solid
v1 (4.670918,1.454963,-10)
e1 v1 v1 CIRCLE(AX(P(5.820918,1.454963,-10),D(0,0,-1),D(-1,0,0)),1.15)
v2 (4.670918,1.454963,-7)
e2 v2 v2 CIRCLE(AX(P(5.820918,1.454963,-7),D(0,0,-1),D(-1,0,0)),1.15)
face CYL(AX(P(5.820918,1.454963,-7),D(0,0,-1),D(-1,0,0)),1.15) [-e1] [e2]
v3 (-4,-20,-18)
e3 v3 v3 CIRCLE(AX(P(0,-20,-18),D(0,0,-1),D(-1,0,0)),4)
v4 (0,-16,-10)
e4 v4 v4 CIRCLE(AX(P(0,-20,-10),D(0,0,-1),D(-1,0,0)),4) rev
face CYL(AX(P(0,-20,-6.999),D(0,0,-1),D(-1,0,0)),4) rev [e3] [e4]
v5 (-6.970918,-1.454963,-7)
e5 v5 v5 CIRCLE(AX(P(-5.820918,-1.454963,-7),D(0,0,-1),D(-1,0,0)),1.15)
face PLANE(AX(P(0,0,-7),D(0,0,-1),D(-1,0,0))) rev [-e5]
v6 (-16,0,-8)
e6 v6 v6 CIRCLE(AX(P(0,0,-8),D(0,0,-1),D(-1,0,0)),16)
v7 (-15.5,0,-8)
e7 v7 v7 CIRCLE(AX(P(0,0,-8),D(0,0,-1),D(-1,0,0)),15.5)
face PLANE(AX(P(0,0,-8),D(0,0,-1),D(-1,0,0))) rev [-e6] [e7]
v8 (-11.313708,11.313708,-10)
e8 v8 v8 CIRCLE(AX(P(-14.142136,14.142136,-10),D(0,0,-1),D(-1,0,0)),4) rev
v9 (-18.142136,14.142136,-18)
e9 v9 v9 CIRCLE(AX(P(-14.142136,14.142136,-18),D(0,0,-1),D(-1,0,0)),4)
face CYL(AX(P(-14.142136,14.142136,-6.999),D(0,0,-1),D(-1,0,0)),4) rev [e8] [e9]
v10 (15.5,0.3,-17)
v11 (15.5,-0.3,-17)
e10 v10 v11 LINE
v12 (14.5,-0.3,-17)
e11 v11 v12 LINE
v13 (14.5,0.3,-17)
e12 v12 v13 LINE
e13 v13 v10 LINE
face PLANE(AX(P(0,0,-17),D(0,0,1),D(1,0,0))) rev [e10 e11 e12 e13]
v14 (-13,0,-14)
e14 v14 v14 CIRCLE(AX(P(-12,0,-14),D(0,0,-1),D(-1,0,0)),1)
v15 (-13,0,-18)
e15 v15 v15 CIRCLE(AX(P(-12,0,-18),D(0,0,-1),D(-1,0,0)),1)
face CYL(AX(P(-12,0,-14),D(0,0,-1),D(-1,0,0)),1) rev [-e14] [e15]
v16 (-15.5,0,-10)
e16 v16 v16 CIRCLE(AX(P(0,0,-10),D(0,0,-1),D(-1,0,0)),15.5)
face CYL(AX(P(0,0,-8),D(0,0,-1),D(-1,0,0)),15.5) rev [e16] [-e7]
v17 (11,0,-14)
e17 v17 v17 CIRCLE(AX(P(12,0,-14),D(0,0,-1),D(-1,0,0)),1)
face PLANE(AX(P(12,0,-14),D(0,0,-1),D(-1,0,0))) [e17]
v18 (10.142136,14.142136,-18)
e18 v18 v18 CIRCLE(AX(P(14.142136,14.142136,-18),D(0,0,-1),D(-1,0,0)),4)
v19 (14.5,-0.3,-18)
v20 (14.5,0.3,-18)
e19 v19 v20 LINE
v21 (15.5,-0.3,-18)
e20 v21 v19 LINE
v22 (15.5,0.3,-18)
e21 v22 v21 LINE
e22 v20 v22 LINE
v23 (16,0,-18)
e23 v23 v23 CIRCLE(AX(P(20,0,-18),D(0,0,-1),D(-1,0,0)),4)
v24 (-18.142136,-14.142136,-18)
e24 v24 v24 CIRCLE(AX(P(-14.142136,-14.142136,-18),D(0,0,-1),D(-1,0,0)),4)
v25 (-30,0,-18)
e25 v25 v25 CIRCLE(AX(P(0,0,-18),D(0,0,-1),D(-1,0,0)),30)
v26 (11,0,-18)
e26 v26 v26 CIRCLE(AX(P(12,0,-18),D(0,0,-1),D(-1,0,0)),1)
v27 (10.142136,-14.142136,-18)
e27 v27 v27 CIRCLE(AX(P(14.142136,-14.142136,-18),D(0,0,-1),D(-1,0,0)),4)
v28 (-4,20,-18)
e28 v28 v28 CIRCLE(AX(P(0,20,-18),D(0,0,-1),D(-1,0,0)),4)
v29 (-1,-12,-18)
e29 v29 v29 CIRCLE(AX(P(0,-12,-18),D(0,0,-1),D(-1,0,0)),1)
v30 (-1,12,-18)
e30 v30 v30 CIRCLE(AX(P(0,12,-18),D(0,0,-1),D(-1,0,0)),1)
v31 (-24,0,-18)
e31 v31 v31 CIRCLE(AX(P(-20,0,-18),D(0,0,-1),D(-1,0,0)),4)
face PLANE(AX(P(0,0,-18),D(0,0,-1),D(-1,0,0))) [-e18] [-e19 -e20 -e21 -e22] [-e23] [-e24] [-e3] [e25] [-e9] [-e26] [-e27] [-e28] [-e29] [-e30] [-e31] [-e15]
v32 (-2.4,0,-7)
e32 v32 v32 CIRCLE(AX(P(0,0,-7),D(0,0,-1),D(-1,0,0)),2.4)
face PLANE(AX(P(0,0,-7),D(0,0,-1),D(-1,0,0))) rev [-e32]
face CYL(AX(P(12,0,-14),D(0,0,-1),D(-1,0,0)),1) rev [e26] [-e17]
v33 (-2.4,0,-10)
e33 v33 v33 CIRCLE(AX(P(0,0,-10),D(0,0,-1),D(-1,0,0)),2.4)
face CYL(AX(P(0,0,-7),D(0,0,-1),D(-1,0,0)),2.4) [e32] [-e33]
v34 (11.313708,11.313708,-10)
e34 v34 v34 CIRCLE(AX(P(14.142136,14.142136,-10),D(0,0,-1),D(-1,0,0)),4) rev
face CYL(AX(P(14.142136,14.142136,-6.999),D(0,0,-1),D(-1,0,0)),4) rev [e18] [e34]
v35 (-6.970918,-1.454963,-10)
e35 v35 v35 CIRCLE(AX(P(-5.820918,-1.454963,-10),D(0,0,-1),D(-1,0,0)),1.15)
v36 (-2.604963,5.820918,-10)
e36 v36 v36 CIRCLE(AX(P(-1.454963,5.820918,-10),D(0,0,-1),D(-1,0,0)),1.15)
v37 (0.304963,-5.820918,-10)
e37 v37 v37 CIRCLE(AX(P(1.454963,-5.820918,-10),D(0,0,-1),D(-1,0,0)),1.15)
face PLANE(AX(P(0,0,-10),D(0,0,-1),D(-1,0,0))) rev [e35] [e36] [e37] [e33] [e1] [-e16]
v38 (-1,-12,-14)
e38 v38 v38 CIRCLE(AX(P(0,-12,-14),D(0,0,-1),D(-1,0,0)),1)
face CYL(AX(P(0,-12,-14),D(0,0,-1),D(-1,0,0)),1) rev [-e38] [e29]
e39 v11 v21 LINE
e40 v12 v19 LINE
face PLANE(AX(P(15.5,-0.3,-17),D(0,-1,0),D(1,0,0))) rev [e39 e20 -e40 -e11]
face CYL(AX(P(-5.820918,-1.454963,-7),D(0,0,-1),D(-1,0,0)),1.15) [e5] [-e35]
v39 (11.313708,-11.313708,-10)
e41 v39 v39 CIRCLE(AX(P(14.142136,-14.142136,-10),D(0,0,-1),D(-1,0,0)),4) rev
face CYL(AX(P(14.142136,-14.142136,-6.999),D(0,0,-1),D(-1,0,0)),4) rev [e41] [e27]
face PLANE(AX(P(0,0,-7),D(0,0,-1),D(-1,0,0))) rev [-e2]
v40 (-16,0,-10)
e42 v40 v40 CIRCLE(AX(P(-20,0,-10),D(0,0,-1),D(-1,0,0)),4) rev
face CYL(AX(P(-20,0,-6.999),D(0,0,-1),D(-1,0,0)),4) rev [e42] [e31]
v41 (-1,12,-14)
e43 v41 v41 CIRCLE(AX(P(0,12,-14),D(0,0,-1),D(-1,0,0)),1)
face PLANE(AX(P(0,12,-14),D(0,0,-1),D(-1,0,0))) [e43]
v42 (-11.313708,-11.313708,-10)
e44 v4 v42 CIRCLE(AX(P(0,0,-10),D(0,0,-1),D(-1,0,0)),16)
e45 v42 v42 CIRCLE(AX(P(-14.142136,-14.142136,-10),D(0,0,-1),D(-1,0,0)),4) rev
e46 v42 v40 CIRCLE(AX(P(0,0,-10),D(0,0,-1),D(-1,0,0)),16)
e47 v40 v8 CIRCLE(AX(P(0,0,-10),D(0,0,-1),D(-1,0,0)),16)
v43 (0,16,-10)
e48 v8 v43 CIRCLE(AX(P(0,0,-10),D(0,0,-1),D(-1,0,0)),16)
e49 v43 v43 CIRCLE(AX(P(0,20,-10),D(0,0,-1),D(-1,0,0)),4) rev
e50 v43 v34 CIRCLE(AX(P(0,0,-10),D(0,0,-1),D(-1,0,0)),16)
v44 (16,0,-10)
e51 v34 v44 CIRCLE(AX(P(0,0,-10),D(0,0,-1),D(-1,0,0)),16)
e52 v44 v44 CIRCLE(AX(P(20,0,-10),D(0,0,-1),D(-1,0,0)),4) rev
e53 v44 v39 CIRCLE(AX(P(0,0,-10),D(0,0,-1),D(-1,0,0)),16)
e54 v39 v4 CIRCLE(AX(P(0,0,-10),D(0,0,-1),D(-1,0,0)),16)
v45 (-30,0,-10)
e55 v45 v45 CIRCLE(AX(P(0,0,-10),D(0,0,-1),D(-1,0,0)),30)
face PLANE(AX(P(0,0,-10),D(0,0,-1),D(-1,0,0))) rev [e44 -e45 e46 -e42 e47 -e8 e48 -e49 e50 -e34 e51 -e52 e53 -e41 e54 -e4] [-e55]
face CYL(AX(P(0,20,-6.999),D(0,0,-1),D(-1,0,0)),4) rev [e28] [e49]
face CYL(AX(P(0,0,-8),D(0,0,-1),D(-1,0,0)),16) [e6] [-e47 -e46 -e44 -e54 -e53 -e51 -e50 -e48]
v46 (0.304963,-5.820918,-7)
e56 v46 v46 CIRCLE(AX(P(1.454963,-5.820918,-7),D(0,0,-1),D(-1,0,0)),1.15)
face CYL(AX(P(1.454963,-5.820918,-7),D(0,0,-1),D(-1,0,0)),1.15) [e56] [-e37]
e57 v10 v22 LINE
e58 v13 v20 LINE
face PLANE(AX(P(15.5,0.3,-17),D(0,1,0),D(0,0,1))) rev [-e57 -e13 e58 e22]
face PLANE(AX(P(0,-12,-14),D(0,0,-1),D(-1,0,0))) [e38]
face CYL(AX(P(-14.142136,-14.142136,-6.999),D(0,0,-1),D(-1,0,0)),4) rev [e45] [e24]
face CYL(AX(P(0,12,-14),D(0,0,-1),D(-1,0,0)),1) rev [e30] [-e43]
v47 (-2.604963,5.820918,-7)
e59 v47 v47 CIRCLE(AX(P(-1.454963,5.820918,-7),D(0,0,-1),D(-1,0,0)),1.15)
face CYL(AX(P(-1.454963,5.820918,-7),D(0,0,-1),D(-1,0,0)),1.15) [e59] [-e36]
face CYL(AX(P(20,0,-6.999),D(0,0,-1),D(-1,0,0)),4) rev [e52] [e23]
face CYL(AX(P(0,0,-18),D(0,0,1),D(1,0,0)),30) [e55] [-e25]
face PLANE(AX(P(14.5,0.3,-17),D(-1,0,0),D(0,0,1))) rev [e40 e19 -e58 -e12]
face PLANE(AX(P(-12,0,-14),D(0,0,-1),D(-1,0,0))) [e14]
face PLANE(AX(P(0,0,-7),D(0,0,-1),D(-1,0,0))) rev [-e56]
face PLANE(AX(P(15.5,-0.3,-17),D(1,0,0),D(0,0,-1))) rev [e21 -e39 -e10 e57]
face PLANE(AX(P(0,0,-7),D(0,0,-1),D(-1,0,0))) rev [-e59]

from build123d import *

# Parameters (mm, degrees)
SKETCH_2_R          = 2.4
EXTRUDE_1_DEPTH     = 3
SKETCH_3_R          = 1.15
EXTRUDE_2_DEPTH     = 3
EXTRUDE_2_2_DEPTH   = 3
EXTRUDE_2_3_DEPTH   = 3
EXTRUDE_2_4_DEPTH   = 3
SKETCH_4_R          = 16
SKETCH_4_R_2        = 15.5
EXTRUDE_3_DEPTH     = 2
SKETCH_5_R          = 30
EXTRUDE_4_DEPTH     = 8
CUT_EXTRUDE_1_REACH = 45.829
SKETCH_6_R          = 4
SKETCH_7_R          = 1
CUT_EXTRUDE_2_DEPTH = 4
SKETCH_9_W          = 1
SKETCH_9_H          = 0.6
CUT_EXTRUDE_3_DEPTH = 1


with BuildPart() as part:
    # 草图2 → 凸台-拉伸1 (new body)
    with BuildSketch(Plane(origin=(0, 0, -10), x_dir=(-1, 0, 0), z_dir=(0, 0, -1))):
        Circle(SKETCH_2_R)
    extrude(amount=-EXTRUDE_1_DEPTH)



with BuildPart() as body_2:
    # 草图3 → 凸台-拉伸2 (new body)
    with BuildSketch(Plane(origin=(0, 0, -10), x_dir=(-1, 0, 0), z_dir=(0, 0, -1))):
        with Locations((5.820917719, -1.454962857)):
            Circle(SKETCH_3_R)
    extrude(amount=-EXTRUDE_2_DEPTH)


with BuildPart() as body_3:
    # 草图3 → Extrude 2 2 (new body)
    with BuildSketch(Plane(origin=(0, 0, -10), x_dir=(-1, 0, 0), z_dir=(0, 0, -1))):
        with Locations((-1.454962857, -5.820917719)):
            Circle(SKETCH_3_R)
    extrude(amount=-EXTRUDE_2_2_DEPTH)


with BuildPart() as body_4:
    # 草图3 → Extrude 2 3 (new body)
    with BuildSketch(Plane(origin=(0, 0, -10), x_dir=(-1, 0, 0), z_dir=(0, 0, -1))):
        with Locations((-5.820917719, 1.454962857)):
            Circle(SKETCH_3_R)
    extrude(amount=-EXTRUDE_2_3_DEPTH)


with BuildPart() as body_5:
    # 草图3 → Extrude 2 4 (new body)
    with BuildSketch(Plane(origin=(0, 0, -10), x_dir=(-1, 0, 0), z_dir=(0, 0, -1))):
        with Locations((1.454962857, 5.820917719)):
            Circle(SKETCH_3_R)
    extrude(amount=-EXTRUDE_2_4_DEPTH)


with BuildPart() as body_6:
    # 草图4 → 凸台-拉伸3 (new body)
    with BuildSketch(Plane(origin=(0, 0, -10), x_dir=(-1, 0, 0), z_dir=(0, 0, -1))):
        Circle(SKETCH_4_R)
        Circle(SKETCH_4_R_2, mode=Mode.SUBTRACT)
    extrude(amount=-EXTRUDE_3_DEPTH)


with BuildPart() as part_1:
    add(part.part)

    add(body_2.part)  # 凸台-拉伸4 merges body 2

    add(body_3.part)  # 凸台-拉伸4 merges body 3

    add(body_4.part)  # 凸台-拉伸4 merges body 4

    add(body_5.part)  # 凸台-拉伸4 merges body 5

    add(body_6.part)  # 凸台-拉伸4 merges body 6
    # 草图5 → 凸台-拉伸4 (add)
    with BuildSketch(Plane(origin=(0, 0, -10), x_dir=(-1, 0, 0), z_dir=(0, 0, -1))):
        Circle(SKETCH_5_R)
    extrude(amount=EXTRUDE_4_DEPTH)

    # 草图6 → 切除-拉伸1 (cut, up to next)
    with BuildSketch(Plane(origin=(0, 0, -18), x_dir=(-1, 0, 0), z_dir=(0, 0, -1)), mode=Mode.PRIVATE) as cut_extrude_1_sk1:
        with Locations((0, -20)):
            Circle(SKETCH_6_R)
    cut_extrude_1_tool1 = extrude(cut_extrude_1_sk1.sketch, amount=-CUT_EXTRUDE_1_REACH, mode=Mode.PRIVATE) & part_1.part
    # 草图6 → 切除-拉伸1 (cut, up to next)
    with BuildSketch(Plane(origin=(0, 0, -18), x_dir=(-1, 0, 0), z_dir=(0, 0, -1)), mode=Mode.PRIVATE) as cut_extrude_1_sk2:
        with Locations((-14.142135624, -14.142135624)):
            Circle(SKETCH_6_R)
    cut_extrude_1_tool2 = extrude(cut_extrude_1_sk2.sketch, amount=-CUT_EXTRUDE_1_REACH, mode=Mode.PRIVATE) & part_1.part
    # 草图6 → 切除-拉伸1 (cut, up to next)
    with BuildSketch(Plane(origin=(0, 0, -18), x_dir=(-1, 0, 0), z_dir=(0, 0, -1)), mode=Mode.PRIVATE) as cut_extrude_1_sk3:
        with Locations((-20, 0)):
            Circle(SKETCH_6_R)
    cut_extrude_1_tool3 = extrude(cut_extrude_1_sk3.sketch, amount=-CUT_EXTRUDE_1_REACH, mode=Mode.PRIVATE) & part_1.part
    # 草图6 → 切除-拉伸1 (cut, up to next)
    with BuildSketch(Plane(origin=(0, 0, -18), x_dir=(-1, 0, 0), z_dir=(0, 0, -1)), mode=Mode.PRIVATE) as cut_extrude_1_sk4:
        with Locations((-14.142135624, 14.142135624)):
            Circle(SKETCH_6_R)
    cut_extrude_1_tool4 = extrude(cut_extrude_1_sk4.sketch, amount=-CUT_EXTRUDE_1_REACH, mode=Mode.PRIVATE) & part_1.part
    # 草图6 → 切除-拉伸1 (cut, up to next)
    with BuildSketch(Plane(origin=(0, 0, -18), x_dir=(-1, 0, 0), z_dir=(0, 0, -1)), mode=Mode.PRIVATE) as cut_extrude_1_sk5:
        with Locations((0, 20)):
            Circle(SKETCH_6_R)
    cut_extrude_1_tool5 = extrude(cut_extrude_1_sk5.sketch, amount=-CUT_EXTRUDE_1_REACH, mode=Mode.PRIVATE) & part_1.part
    # 草图6 → 切除-拉伸1 (cut, up to next)
    with BuildSketch(Plane(origin=(0, 0, -18), x_dir=(-1, 0, 0), z_dir=(0, 0, -1)), mode=Mode.PRIVATE) as cut_extrude_1_sk6:
        with Locations((14.142135624, 14.142135624)):
            Circle(SKETCH_6_R)
    cut_extrude_1_tool6 = extrude(cut_extrude_1_sk6.sketch, amount=-CUT_EXTRUDE_1_REACH, mode=Mode.PRIVATE) & part_1.part
    # 草图6 → 切除-拉伸1 (cut, up to next)
    with BuildSketch(Plane(origin=(0, 0, -18), x_dir=(-1, 0, 0), z_dir=(0, 0, -1)), mode=Mode.PRIVATE) as cut_extrude_1_sk7:
        with Locations((20, 0)):
            Circle(SKETCH_6_R)
    cut_extrude_1_tool7 = extrude(cut_extrude_1_sk7.sketch, amount=-CUT_EXTRUDE_1_REACH, mode=Mode.PRIVATE) & part_1.part
    # 草图6 → 切除-拉伸1 (cut, up to next)
    with BuildSketch(Plane(origin=(0, 0, -18), x_dir=(-1, 0, 0), z_dir=(0, 0, -1)), mode=Mode.PRIVATE) as cut_extrude_1_sk8:
        with Locations((14.142135624, -14.142135624)):
            Circle(SKETCH_6_R)
    cut_extrude_1_tool8 = extrude(cut_extrude_1_sk8.sketch, amount=-CUT_EXTRUDE_1_REACH, mode=Mode.PRIVATE) & part_1.part
    add(cut_extrude_1_tool1.solids().sort_by_distance((0, -20, -18))[0], mode=Mode.SUBTRACT)
    add(cut_extrude_1_tool2.solids().sort_by_distance((14.142136, -14.142136, -18))[0], mode=Mode.SUBTRACT)
    add(cut_extrude_1_tool3.solids().sort_by_distance((20, 0, -18))[0], mode=Mode.SUBTRACT)
    add(cut_extrude_1_tool4.solids().sort_by_distance((14.142136, 14.142136, -18))[0], mode=Mode.SUBTRACT)
    add(cut_extrude_1_tool5.solids().sort_by_distance((0, 20, -18))[0], mode=Mode.SUBTRACT)
    add(cut_extrude_1_tool6.solids().sort_by_distance((-14.142136, 14.142136, -18))[0], mode=Mode.SUBTRACT)
    add(cut_extrude_1_tool7.solids().sort_by_distance((-20, 0, -18))[0], mode=Mode.SUBTRACT)
    add(cut_extrude_1_tool8.solids().sort_by_distance((-14.142136, -14.142136, -18))[0], mode=Mode.SUBTRACT)

    # 草图7 → 切除-拉伸2 (cut)
    with BuildSketch(Plane(origin=(0, 0, -18), x_dir=(-1, 0, 0), z_dir=(0, 0, -1))):
        with Locations((12, 0)):
            Circle(SKETCH_7_R)
        with Locations((0, 12)):
            Circle(SKETCH_7_R)
        with Locations((-12, 0)):
            Circle(SKETCH_7_R)
        with Locations((0, -12)):
            Circle(SKETCH_7_R)
    extrude(amount=-CUT_EXTRUDE_2_DEPTH, mode=Mode.SUBTRACT)

    # 草图9 → 切除-拉伸3 (cut)
    with BuildSketch(Plane(origin=(0, 0, -18), x_dir=(-1, 0, 0), z_dir=(0, 0, -1))):
        with Locations((-15, 0)):
            Rectangle(SKETCH_9_W, SKETCH_9_H)
    extrude(amount=-CUT_EXTRUDE_3_DEPTH, mode=Mode.SUBTRACT)


solid = part_1.part
